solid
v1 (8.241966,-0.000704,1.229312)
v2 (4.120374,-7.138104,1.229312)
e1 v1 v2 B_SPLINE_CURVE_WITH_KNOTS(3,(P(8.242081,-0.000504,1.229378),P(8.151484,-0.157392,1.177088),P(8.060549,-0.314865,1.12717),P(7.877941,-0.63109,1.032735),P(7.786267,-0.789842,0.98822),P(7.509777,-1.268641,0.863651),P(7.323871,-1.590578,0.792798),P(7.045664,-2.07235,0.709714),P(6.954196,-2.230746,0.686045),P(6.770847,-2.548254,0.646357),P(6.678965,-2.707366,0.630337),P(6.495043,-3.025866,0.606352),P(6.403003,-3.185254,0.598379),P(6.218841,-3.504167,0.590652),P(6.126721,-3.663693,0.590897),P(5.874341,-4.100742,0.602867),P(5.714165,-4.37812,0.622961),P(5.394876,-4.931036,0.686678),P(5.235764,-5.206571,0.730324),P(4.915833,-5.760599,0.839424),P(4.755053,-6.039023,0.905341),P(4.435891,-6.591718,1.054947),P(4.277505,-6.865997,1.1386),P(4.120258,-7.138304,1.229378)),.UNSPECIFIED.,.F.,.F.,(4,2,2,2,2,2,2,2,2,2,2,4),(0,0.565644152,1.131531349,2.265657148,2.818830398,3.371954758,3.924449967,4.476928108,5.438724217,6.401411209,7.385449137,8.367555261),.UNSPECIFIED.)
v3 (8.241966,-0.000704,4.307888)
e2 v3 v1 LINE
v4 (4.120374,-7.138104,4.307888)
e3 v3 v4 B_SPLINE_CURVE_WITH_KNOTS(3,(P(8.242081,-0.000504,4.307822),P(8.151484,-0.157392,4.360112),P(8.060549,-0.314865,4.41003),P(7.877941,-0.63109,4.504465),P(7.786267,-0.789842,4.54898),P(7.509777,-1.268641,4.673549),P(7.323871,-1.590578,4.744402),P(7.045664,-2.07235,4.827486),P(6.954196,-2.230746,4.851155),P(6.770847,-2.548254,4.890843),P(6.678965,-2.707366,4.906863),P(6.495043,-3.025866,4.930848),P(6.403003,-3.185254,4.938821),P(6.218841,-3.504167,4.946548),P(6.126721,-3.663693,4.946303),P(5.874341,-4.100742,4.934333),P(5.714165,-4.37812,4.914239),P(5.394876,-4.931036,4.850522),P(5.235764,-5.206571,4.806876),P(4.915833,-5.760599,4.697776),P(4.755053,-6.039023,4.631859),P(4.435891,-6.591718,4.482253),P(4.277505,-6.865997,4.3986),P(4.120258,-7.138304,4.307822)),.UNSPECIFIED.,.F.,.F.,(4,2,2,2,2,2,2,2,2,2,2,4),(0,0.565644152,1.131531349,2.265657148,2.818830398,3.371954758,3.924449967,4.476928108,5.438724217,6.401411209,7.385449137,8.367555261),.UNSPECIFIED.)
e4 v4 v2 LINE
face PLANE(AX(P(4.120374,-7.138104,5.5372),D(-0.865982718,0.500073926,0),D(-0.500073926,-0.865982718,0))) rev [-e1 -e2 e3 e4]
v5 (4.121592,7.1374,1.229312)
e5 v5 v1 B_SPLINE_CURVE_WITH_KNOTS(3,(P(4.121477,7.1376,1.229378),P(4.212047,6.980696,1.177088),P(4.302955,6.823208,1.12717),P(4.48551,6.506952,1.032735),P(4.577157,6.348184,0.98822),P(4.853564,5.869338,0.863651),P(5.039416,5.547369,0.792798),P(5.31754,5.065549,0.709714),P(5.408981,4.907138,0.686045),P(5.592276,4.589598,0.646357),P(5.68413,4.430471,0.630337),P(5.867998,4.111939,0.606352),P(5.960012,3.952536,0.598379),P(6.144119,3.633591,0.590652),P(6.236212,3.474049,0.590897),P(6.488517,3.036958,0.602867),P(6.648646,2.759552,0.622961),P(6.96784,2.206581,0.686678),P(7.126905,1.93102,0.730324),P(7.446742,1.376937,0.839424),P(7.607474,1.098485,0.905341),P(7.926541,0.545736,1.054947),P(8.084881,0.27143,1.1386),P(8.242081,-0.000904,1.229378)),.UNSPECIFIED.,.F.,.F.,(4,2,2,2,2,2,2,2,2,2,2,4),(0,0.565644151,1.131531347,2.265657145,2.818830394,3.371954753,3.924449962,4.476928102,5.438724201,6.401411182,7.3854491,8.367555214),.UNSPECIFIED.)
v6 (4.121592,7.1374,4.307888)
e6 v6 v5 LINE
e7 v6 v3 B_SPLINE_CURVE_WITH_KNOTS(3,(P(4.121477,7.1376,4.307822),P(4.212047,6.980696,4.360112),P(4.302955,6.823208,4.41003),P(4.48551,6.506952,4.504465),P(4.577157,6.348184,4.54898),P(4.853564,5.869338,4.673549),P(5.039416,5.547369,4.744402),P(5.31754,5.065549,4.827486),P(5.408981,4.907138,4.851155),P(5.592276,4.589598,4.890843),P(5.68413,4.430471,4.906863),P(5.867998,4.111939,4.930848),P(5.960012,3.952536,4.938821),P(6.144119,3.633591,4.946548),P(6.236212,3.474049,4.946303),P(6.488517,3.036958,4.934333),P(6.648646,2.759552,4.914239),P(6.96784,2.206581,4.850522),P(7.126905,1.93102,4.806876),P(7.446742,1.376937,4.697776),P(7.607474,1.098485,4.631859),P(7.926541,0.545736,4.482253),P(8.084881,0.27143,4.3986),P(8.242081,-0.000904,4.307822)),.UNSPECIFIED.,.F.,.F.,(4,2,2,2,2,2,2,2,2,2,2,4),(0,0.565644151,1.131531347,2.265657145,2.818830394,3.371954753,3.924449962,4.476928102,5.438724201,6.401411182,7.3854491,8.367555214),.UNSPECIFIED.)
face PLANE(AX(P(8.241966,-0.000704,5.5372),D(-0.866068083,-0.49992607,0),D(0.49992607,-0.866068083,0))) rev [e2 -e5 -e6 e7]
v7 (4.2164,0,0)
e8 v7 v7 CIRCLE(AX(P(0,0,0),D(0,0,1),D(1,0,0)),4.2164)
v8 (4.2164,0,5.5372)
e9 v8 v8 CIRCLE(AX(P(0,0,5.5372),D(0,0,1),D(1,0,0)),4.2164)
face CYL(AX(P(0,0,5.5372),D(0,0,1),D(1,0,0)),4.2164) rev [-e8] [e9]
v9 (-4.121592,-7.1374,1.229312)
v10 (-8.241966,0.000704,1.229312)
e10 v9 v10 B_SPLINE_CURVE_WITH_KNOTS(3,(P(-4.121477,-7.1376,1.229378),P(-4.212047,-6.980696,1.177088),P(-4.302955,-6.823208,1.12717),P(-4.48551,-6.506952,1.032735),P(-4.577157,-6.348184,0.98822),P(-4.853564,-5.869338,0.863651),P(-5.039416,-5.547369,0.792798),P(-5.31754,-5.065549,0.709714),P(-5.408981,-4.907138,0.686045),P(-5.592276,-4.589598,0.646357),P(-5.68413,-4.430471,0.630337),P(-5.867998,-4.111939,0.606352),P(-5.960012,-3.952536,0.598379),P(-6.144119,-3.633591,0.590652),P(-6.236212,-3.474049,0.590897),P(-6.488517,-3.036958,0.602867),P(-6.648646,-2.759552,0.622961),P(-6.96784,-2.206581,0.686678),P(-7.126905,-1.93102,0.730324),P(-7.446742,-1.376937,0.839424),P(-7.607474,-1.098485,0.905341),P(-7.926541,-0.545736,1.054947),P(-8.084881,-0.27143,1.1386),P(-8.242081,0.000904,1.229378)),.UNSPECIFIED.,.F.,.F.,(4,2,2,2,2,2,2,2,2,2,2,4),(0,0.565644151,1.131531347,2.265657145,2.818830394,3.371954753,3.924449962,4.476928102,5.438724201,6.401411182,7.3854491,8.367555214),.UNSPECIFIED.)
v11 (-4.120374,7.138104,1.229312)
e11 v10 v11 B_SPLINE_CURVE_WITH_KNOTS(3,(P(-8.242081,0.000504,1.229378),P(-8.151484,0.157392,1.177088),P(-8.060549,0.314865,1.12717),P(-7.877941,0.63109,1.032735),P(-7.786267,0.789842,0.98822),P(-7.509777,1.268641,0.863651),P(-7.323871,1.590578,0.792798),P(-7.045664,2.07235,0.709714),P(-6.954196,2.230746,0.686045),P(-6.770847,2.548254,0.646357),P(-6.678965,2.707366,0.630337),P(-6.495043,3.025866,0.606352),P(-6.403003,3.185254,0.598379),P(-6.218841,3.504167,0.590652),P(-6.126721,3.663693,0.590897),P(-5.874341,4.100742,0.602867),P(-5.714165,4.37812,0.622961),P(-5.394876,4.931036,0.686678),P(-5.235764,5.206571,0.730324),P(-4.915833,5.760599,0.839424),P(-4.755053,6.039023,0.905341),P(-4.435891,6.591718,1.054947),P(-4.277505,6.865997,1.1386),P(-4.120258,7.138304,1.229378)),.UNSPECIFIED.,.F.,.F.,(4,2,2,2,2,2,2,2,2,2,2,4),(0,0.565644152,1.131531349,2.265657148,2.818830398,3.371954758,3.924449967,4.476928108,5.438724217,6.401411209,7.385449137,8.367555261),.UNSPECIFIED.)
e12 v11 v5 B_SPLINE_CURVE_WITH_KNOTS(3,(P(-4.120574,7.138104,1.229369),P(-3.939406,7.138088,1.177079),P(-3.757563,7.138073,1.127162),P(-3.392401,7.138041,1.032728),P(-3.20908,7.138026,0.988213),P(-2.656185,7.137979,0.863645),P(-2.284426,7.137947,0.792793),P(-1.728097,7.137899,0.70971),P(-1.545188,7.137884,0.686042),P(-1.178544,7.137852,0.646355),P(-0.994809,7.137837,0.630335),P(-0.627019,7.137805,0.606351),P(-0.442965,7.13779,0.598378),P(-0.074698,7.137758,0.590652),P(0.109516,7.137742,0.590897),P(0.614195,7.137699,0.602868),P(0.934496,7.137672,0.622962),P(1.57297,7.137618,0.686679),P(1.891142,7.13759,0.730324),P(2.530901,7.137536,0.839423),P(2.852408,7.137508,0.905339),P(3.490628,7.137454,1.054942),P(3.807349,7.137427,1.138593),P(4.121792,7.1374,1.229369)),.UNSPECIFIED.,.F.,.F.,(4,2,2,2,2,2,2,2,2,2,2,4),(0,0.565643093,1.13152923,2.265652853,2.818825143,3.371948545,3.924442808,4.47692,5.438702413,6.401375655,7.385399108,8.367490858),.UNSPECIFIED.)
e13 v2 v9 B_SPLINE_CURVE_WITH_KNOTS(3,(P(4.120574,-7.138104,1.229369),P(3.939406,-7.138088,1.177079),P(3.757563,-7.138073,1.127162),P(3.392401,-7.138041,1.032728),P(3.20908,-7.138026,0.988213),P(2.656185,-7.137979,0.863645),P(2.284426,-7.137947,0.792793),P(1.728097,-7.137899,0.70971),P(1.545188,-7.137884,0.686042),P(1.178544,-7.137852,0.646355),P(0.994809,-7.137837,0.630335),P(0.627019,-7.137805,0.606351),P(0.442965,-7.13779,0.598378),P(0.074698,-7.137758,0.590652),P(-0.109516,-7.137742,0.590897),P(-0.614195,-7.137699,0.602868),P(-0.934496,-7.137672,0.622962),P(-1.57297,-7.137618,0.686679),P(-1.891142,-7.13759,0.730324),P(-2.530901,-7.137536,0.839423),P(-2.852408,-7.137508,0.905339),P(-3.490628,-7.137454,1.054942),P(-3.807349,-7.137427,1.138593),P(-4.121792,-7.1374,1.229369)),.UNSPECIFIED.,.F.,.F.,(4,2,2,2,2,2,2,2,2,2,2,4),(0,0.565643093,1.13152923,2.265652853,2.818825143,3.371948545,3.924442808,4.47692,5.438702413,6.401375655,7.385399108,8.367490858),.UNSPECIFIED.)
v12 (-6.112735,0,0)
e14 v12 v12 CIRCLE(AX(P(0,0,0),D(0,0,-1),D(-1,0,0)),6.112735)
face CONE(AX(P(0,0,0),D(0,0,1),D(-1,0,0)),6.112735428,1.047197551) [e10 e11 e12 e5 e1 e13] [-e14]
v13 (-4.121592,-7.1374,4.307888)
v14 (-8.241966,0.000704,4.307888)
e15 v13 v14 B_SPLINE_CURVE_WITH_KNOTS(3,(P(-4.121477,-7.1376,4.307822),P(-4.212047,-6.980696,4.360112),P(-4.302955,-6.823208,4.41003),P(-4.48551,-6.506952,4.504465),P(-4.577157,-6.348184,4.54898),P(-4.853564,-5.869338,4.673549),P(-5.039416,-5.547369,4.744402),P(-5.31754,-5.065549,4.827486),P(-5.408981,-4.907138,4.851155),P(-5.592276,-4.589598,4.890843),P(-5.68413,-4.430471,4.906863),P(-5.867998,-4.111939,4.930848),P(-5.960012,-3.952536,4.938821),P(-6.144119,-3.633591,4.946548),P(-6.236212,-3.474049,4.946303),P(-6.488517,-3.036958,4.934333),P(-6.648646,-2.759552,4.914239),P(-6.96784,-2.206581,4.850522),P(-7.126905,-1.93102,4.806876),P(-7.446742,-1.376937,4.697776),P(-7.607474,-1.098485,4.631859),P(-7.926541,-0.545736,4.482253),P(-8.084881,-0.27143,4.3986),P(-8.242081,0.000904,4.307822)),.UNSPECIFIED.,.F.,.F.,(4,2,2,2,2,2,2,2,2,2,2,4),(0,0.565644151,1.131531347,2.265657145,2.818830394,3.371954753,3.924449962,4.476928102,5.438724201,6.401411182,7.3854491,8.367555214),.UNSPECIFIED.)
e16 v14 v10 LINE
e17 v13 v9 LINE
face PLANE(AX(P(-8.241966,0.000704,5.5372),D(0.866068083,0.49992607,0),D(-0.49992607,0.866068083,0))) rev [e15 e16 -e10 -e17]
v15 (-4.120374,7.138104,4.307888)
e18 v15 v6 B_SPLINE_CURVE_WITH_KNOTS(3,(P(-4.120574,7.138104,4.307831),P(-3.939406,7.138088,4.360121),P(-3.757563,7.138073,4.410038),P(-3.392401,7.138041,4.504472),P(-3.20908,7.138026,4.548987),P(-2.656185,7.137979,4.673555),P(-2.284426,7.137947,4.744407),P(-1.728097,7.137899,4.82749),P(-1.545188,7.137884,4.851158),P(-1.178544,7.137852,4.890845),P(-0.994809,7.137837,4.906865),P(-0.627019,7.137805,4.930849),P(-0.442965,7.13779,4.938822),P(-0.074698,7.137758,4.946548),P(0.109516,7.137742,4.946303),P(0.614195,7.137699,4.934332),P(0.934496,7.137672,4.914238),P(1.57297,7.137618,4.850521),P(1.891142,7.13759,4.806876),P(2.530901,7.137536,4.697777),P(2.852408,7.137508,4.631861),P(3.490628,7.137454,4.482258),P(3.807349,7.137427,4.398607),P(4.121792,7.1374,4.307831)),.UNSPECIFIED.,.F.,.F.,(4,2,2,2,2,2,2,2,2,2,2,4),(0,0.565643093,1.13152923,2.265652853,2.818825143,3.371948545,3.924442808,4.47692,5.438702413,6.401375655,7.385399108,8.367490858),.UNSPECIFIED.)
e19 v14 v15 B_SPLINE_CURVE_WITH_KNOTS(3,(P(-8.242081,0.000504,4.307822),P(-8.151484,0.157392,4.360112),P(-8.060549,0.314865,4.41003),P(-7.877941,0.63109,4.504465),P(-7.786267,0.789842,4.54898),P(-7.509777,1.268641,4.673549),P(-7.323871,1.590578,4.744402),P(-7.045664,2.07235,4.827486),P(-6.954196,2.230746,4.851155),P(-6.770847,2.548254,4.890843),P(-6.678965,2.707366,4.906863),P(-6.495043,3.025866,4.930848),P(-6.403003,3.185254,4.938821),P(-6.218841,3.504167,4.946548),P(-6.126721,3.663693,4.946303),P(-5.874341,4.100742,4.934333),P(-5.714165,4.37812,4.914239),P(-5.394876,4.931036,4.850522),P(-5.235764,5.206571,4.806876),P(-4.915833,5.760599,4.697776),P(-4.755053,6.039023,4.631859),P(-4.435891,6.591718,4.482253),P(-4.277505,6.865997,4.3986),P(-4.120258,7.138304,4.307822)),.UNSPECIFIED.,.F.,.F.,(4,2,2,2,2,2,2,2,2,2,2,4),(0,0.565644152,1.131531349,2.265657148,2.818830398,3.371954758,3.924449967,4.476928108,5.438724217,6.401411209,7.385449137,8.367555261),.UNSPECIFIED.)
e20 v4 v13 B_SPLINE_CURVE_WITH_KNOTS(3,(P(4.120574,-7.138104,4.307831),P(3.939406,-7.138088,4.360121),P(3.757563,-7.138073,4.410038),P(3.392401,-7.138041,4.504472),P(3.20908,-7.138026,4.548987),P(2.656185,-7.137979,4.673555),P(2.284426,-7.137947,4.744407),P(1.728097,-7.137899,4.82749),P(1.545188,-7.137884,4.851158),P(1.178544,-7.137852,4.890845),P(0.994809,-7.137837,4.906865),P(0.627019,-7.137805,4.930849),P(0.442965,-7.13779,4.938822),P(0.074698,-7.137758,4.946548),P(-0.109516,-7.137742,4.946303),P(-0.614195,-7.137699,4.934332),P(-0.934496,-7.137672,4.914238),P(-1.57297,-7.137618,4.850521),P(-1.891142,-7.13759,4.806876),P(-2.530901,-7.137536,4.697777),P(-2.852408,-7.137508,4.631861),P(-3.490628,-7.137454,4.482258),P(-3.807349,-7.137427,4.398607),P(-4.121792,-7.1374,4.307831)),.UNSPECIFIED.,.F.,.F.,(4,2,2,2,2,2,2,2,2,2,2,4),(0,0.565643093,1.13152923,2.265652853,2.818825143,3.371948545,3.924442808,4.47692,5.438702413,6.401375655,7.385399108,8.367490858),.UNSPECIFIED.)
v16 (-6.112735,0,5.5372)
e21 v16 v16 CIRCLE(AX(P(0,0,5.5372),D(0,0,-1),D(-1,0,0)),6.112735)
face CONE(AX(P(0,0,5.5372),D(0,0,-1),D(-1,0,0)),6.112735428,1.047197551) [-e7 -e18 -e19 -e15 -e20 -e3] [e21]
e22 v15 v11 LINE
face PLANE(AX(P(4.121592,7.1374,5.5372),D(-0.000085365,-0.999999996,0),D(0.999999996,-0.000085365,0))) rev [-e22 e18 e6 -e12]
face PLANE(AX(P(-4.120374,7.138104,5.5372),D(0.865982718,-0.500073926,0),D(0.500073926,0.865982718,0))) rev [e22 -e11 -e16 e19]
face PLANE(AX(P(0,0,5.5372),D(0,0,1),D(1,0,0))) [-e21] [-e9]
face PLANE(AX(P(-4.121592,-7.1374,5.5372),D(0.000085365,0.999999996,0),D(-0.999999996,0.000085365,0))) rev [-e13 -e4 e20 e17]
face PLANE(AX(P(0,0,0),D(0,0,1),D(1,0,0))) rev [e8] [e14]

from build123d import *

# Parameters (mm, degrees)
BOSS_EXTRUDE1_DEPTH         = 5.5372
SKETCH6_OUTSIDE_W           = 68.81
SKETCH6_OUTSIDE_H           = 66.602
SKETCH6_OUTSIDE_R           = 6.112735428
CUT_EXTRUDE4_DEPTH          = 13.228781918
CUT_EXTRUDE4_DRAFT          = -60
MIRROR1_COPY_1_SKETCH_W     = 68.81
MIRROR1_COPY_1_SKETCH_H     = 66.602
MIRROR1_COPY_1_SKETCH_R     = 6.112735428
MIRROR1_COPY_1_DEPTH        = 13.228781918
MIRROR1_COPY_1_DRAFT        = -60
F_3_8_24_TAPPED_HOLE1_D     = 8.4328
F_3_8_24_TAPPED_HOLE1_DEPTH = 24.384
F_3_8_24_TAPPED_HOLE1_TIP   = 2.533468714


with BuildPart() as part:
    # Sketch1 → Boss-Extrude1 (new body)
    with BuildSketch(Plane.XY):
        Polygon((4.121592226, 7.1374), (-4.120373604, 7.138103572), (-8.24196583, 0.000703572), (-4.121592226, -7.1374), (4.120373604, -7.138103572), (8.24196583, -0.000703572), align=None)
    extrude(amount=BOSS_EXTRUDE1_DEPTH)


with BuildPart() as cut_extrude4_tool:
    # Sketch6 outside → Cut-Extrude4 (with draft: the straight prism first)
    with BuildSketch(Plane(origin=(0, 0, 0), x_dir=(-1, 0, 0), z_dir=(0, 0, -1))):
        Rectangle(SKETCH6_OUTSIDE_W, SKETCH6_OUTSIDE_H)
        Circle(SKETCH6_OUTSIDE_R, mode=Mode.SUBTRACT)
    extrude(amount=-CUT_EXTRUDE4_DEPTH)
    # Cut-Extrude4: the draft: its side faces are tilted about the plane it starts from
    cut_extrude4_sides = [cut_extrude4_tool.faces().sort_by_distance(p)[0] for p in [
        (0, -33.301, 6.614390959),
        (-34.405, 0, 6.614390959),
        (0, 33.301, 6.614390959),
        (34.405, 0, 6.614390959),
        (6.112735428, 0, 6.614390959),
    ]]
    draft(cut_extrude4_sides, Plane(origin=(0, 0, 0), x_dir=(-1, 0, 0), z_dir=(0, 0, -1)), CUT_EXTRUDE4_DRAFT)


with BuildPart() as part_1:
    add(part.part)

    # Cut-Extrude4: cut by cut_extrude4_tool
    add(cut_extrude4_tool.part, mode=Mode.SUBTRACT)


with BuildPart() as mirror1_copy_1_tool:
    # Mirror1 copy 1 sketch → Mirror1 copy 1 (with draft: the straight prism first)
    with BuildSketch(Plane(origin=(0, 0, 5.5372), x_dir=(-1, 0, 0), z_dir=(0, 0, 1))):
        Rectangle(MIRROR1_COPY_1_SKETCH_W, MIRROR1_COPY_1_SKETCH_H)
        Circle(MIRROR1_COPY_1_SKETCH_R, mode=Mode.SUBTRACT)
    extrude(amount=-MIRROR1_COPY_1_DEPTH)
    # Mirror1 copy 1: the draft: its side faces are tilted about the plane it starts from
    mirror1_copy_1_sides = [mirror1_copy_1_tool.faces().sort_by_distance(p)[0] for p in [
        (0, -33.301, -1.077190959),
        (-34.405, 0, -1.077190959),
        (0, 33.301, -1.077190959),
        (34.405, 0, -1.077190959),
        (6.112735428, 0, -1.077190959),
    ]]
    draft(mirror1_copy_1_sides, Plane(origin=(0, 0, 5.5372), x_dir=(-1, 0, 0), z_dir=(0, 0, 1)), MIRROR1_COPY_1_DRAFT)


with BuildPart() as part_2:
    add(part_1.part)

    # Mirror1 copy 1: cut by mirror1_copy_1_tool
    add(mirror1_copy_1_tool.part, mode=Mode.SUBTRACT)

    # 3/8-24 Tapped Hole1
    with Locations(Plane.XY.offset(5.5372)):
        with Locations((0, 0)):
            Hole(F_3_8_24_TAPPED_HOLE1_D / 2, depth=F_3_8_24_TAPPED_HOLE1_DEPTH)
            with Locations((0, 0, -(F_3_8_24_TAPPED_HOLE1_DEPTH + F_3_8_24_TAPPED_HOLE1_TIP / 2))):  # 118° drill point
                Cone(0, F_3_8_24_TAPPED_HOLE1_D / 2, F_3_8_24_TAPPED_HOLE1_TIP, mode=Mode.SUBTRACT)


solid = part_2.part
